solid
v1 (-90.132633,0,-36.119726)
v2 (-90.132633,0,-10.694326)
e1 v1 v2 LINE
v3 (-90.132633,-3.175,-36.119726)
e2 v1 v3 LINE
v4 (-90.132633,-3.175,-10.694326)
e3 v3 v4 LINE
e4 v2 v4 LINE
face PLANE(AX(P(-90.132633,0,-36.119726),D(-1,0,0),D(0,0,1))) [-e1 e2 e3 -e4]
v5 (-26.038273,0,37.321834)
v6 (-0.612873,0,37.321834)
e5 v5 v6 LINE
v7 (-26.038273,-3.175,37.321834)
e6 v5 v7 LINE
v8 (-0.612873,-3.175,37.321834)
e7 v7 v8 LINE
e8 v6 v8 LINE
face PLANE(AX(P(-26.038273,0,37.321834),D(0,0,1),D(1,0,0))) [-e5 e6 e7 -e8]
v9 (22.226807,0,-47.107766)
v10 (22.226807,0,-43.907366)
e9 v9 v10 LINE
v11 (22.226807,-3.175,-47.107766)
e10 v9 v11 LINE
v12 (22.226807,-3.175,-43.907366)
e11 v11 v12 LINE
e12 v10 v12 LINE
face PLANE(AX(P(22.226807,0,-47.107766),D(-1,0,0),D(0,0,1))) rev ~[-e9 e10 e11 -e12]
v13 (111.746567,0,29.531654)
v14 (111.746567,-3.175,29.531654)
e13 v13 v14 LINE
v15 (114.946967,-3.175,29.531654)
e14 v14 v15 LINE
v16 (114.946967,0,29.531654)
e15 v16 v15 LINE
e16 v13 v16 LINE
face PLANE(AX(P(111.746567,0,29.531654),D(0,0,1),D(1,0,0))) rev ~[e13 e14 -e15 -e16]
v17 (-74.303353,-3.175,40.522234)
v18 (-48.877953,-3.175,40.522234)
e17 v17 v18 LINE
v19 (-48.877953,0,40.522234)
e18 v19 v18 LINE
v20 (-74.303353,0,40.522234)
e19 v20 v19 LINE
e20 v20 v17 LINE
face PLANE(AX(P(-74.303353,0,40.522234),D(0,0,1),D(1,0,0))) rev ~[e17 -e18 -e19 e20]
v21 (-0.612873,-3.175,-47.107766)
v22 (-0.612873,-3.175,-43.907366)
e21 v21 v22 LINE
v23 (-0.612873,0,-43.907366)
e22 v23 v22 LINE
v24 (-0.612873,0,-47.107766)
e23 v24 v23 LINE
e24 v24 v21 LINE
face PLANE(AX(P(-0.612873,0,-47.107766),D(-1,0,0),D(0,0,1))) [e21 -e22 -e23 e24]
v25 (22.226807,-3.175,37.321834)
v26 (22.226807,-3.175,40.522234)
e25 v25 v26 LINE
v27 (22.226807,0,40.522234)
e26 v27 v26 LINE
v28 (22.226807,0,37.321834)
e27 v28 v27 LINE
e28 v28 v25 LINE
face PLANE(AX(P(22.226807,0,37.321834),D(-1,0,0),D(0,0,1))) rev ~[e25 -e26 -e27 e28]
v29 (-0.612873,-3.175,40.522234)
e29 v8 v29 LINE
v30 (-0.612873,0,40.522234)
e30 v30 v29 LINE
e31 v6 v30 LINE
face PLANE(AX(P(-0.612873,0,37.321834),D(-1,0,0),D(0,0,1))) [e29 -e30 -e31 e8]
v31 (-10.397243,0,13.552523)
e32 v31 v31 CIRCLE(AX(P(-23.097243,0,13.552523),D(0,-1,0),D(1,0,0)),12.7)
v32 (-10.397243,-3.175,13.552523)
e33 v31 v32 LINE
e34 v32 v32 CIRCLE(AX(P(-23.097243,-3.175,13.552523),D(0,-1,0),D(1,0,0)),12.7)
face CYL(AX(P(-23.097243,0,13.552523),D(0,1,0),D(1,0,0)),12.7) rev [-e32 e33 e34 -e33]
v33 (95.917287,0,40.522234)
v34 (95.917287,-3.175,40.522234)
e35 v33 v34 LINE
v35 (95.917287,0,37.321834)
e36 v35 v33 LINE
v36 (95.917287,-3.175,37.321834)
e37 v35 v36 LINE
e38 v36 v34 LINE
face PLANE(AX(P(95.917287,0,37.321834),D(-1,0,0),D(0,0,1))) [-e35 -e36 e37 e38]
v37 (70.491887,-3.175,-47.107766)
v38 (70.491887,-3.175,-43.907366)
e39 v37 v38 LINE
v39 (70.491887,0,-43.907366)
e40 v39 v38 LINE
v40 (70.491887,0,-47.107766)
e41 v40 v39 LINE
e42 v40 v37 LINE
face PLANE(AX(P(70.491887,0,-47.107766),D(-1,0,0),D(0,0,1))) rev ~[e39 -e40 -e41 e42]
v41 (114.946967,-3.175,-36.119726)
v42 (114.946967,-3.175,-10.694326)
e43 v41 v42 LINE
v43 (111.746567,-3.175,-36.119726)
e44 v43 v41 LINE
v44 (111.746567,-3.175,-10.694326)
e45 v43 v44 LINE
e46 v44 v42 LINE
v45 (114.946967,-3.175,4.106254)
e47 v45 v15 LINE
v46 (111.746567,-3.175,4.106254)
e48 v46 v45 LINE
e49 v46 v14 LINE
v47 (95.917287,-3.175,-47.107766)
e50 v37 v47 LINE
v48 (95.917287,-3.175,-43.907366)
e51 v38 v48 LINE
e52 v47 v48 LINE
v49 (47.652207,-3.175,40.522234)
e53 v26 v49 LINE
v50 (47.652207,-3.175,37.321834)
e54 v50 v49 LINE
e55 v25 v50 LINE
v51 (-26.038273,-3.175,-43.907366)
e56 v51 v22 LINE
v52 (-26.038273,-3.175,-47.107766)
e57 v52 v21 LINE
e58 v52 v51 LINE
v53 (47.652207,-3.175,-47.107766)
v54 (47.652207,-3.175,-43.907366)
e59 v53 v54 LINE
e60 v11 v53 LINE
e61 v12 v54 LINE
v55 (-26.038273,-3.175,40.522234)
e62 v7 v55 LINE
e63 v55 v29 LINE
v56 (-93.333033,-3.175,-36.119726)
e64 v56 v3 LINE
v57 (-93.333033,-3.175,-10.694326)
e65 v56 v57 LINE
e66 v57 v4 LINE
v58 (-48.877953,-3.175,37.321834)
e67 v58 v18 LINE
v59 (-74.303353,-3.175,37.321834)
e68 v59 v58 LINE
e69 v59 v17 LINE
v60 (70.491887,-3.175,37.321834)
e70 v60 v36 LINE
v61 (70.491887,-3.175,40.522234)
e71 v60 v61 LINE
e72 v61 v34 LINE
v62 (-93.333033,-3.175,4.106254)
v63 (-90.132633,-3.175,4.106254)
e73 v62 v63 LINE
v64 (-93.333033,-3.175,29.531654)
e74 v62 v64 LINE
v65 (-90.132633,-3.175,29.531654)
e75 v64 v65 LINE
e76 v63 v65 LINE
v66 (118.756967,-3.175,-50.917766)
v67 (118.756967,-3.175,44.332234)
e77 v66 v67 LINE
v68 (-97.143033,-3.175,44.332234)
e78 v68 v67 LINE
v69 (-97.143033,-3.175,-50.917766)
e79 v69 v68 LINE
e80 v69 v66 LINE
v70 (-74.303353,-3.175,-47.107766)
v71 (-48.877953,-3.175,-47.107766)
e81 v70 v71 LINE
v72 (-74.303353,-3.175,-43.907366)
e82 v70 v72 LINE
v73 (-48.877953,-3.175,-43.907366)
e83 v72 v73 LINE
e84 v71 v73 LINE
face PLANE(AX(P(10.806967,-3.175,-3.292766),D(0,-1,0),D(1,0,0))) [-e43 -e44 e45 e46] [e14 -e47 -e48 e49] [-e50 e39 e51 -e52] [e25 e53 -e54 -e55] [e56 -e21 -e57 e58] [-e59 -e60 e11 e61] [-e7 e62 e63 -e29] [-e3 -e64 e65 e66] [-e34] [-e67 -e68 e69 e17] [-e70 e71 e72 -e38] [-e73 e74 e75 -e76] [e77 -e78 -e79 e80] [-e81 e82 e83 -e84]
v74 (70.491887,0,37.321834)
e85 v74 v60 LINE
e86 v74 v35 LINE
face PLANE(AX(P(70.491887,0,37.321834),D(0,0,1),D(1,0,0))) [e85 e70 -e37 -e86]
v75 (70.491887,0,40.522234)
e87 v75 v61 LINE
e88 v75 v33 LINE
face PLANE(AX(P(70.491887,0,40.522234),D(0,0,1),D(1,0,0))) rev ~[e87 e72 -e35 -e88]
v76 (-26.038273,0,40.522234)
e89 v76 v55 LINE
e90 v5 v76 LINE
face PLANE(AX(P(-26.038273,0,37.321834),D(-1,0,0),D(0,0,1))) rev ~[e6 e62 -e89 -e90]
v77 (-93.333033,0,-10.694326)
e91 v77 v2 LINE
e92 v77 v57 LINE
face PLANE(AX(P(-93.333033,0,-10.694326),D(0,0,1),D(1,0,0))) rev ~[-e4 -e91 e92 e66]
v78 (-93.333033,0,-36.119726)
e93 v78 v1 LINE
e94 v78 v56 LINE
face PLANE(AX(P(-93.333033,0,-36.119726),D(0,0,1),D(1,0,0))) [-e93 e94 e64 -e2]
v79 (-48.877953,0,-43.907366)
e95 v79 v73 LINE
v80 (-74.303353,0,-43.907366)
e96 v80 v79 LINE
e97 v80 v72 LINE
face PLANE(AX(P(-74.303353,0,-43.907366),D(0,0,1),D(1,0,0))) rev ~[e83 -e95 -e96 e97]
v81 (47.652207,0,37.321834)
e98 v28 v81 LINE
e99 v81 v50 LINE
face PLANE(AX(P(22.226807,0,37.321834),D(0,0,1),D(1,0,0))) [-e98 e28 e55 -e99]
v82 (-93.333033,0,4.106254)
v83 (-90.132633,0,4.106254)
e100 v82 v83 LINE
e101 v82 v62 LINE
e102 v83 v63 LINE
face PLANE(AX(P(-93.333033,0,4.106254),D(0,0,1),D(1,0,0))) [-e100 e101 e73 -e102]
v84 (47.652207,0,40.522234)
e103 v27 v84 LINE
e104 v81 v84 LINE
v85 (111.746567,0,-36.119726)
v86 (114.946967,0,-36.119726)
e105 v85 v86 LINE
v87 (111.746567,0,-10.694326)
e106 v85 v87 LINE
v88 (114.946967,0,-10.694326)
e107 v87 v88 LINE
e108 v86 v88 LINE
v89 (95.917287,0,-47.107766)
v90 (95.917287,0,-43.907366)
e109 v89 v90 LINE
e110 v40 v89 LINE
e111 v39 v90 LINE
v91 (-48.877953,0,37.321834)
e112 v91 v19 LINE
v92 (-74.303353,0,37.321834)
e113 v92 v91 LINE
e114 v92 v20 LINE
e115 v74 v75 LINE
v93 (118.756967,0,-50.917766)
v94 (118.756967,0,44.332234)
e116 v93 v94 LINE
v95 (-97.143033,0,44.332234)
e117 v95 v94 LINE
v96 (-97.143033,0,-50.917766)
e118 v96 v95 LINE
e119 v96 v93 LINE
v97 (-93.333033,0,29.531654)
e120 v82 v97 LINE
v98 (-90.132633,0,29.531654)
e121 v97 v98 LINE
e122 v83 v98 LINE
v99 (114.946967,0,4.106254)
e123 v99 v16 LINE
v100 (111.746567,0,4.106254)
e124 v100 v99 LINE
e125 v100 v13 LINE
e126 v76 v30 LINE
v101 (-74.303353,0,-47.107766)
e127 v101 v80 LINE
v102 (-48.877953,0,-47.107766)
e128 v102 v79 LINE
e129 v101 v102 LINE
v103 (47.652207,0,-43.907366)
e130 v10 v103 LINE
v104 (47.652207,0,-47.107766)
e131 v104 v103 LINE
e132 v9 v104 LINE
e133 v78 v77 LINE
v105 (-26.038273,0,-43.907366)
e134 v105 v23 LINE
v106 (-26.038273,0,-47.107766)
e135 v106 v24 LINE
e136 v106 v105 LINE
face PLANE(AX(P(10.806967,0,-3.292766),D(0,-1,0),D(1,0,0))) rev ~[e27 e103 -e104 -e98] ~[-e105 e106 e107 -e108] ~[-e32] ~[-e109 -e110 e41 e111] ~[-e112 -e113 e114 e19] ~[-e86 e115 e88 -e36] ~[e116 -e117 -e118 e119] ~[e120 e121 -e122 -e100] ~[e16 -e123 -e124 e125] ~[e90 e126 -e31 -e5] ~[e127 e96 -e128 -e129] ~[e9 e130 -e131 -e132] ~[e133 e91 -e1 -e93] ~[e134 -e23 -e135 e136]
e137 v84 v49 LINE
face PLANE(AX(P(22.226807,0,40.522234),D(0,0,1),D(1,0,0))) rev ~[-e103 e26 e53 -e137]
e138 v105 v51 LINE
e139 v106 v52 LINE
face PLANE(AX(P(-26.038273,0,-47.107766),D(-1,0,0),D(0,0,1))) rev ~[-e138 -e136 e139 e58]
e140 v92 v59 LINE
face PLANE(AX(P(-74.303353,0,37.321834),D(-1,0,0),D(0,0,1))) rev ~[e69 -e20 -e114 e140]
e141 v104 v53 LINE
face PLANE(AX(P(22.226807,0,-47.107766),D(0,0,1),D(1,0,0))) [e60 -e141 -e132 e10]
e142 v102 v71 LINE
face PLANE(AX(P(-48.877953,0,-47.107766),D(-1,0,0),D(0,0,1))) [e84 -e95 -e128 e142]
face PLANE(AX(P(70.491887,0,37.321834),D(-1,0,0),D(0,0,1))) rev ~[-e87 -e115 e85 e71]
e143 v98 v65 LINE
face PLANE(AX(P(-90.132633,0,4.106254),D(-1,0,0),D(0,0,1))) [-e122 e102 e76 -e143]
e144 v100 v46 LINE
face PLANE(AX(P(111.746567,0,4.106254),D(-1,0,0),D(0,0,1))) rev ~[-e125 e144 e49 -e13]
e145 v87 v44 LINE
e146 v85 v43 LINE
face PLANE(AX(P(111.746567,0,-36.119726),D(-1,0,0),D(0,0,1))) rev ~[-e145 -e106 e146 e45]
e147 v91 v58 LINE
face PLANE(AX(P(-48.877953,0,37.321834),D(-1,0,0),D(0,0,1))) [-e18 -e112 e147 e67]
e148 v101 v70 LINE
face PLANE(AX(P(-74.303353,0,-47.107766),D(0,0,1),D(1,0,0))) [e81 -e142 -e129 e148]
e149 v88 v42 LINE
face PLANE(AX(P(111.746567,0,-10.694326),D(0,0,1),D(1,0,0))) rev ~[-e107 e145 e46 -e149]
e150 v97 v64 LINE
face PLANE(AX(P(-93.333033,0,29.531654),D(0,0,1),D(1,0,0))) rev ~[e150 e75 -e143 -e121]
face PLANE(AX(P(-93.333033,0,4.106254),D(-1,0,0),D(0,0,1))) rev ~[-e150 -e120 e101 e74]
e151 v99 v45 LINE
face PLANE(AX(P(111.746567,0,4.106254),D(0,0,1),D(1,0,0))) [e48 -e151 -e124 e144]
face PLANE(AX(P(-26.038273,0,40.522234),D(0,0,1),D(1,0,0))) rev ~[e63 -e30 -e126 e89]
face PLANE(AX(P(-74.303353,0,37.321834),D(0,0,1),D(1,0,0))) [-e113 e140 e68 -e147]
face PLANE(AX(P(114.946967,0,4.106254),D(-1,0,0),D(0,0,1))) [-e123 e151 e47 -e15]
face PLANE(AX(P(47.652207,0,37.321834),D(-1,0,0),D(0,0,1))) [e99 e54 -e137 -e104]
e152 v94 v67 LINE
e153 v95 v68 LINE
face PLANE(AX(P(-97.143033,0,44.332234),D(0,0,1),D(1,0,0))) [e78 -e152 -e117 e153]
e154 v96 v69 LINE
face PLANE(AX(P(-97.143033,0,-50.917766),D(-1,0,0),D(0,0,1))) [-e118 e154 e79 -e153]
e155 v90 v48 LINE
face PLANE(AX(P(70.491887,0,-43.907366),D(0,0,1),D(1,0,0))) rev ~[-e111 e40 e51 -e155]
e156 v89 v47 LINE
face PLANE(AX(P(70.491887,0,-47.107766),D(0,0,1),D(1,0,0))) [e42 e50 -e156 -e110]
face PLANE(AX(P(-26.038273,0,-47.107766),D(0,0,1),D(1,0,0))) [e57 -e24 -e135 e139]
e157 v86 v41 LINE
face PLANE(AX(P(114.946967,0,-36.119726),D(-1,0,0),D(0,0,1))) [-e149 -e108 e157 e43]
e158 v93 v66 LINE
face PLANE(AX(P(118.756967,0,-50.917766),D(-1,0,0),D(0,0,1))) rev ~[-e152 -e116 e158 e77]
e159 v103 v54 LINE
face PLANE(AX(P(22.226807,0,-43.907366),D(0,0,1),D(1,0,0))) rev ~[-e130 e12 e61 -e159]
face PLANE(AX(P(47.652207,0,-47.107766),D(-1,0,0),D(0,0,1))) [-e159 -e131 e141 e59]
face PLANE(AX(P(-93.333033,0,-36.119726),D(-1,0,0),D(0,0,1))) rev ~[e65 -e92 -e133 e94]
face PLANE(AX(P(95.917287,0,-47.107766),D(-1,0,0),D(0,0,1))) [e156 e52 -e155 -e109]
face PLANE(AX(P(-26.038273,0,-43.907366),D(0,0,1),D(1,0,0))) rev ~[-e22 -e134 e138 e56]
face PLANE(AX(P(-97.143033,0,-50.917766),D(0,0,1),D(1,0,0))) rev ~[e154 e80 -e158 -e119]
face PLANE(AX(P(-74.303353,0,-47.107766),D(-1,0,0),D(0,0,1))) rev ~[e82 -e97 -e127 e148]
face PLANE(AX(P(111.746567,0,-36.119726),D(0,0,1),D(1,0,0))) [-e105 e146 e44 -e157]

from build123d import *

# Parameters (mm, degrees)
F0_W     = 215.9
F0_H     = 95.25
F0_W_2   = 25.4254
F0_H_2   = 3.2004
F0_W_3   = 3.2004
F0_H_3   = 25.4254
F0_R     = 12.7
F1_DEPTH = 3.175


with BuildPart() as f1:
    # F0 (on Front) → F1 (new body)
    with BuildSketch(Plane.XZ):
        with Locations((10.806967, -3.292766)):
            Rectangle(F0_W, F0_H)
        with Locations((-61.590653, -45.507566)):
            Rectangle(F0_W_2, F0_H_2, mode=Mode.SUBTRACT)
        with Locations((-13.325573, -45.507566)):
            Rectangle(F0_W_2, F0_H_2, mode=Mode.SUBTRACT)
        with Locations((-91.732833, -23.407026)):
            Rectangle(F0_W_3, F0_H_3, mode=Mode.SUBTRACT)
        with Locations((34.939507, -45.507566)):
            Rectangle(F0_W_2, F0_H_2, mode=Mode.SUBTRACT)
        with Locations((83.204587, -45.507566)):
            Rectangle(F0_W_2, F0_H_2, mode=Mode.SUBTRACT)
        with Locations((113.346767, -23.407026)):
            Rectangle(F0_W_3, F0_H_3, mode=Mode.SUBTRACT)
        with Locations((-91.732833, 16.818954)):
            Rectangle(F0_W_3, F0_H_3, mode=Mode.SUBTRACT)
        with Locations((-23.097243, 13.552523)):
            Circle(F0_R, mode=Mode.SUBTRACT)
        with Locations((-61.590653, 38.922034)):
            Rectangle(F0_W_2, F0_H_2, mode=Mode.SUBTRACT)
        with Locations((-13.325573, 38.922034)):
            Rectangle(F0_W_2, F0_H_2, mode=Mode.SUBTRACT)
        with Locations((113.346767, 16.818954)):
            Rectangle(F0_W_3, F0_H_3, mode=Mode.SUBTRACT)
        with Locations((34.939507, 38.922034)):
            Rectangle(F0_W_2, F0_H_2, mode=Mode.SUBTRACT)
        with Locations((83.204587, 38.922034)):
            Rectangle(F0_W_2, F0_H_2, mode=Mode.SUBTRACT)
    extrude(amount=F1_DEPTH)


solid = f1.part
